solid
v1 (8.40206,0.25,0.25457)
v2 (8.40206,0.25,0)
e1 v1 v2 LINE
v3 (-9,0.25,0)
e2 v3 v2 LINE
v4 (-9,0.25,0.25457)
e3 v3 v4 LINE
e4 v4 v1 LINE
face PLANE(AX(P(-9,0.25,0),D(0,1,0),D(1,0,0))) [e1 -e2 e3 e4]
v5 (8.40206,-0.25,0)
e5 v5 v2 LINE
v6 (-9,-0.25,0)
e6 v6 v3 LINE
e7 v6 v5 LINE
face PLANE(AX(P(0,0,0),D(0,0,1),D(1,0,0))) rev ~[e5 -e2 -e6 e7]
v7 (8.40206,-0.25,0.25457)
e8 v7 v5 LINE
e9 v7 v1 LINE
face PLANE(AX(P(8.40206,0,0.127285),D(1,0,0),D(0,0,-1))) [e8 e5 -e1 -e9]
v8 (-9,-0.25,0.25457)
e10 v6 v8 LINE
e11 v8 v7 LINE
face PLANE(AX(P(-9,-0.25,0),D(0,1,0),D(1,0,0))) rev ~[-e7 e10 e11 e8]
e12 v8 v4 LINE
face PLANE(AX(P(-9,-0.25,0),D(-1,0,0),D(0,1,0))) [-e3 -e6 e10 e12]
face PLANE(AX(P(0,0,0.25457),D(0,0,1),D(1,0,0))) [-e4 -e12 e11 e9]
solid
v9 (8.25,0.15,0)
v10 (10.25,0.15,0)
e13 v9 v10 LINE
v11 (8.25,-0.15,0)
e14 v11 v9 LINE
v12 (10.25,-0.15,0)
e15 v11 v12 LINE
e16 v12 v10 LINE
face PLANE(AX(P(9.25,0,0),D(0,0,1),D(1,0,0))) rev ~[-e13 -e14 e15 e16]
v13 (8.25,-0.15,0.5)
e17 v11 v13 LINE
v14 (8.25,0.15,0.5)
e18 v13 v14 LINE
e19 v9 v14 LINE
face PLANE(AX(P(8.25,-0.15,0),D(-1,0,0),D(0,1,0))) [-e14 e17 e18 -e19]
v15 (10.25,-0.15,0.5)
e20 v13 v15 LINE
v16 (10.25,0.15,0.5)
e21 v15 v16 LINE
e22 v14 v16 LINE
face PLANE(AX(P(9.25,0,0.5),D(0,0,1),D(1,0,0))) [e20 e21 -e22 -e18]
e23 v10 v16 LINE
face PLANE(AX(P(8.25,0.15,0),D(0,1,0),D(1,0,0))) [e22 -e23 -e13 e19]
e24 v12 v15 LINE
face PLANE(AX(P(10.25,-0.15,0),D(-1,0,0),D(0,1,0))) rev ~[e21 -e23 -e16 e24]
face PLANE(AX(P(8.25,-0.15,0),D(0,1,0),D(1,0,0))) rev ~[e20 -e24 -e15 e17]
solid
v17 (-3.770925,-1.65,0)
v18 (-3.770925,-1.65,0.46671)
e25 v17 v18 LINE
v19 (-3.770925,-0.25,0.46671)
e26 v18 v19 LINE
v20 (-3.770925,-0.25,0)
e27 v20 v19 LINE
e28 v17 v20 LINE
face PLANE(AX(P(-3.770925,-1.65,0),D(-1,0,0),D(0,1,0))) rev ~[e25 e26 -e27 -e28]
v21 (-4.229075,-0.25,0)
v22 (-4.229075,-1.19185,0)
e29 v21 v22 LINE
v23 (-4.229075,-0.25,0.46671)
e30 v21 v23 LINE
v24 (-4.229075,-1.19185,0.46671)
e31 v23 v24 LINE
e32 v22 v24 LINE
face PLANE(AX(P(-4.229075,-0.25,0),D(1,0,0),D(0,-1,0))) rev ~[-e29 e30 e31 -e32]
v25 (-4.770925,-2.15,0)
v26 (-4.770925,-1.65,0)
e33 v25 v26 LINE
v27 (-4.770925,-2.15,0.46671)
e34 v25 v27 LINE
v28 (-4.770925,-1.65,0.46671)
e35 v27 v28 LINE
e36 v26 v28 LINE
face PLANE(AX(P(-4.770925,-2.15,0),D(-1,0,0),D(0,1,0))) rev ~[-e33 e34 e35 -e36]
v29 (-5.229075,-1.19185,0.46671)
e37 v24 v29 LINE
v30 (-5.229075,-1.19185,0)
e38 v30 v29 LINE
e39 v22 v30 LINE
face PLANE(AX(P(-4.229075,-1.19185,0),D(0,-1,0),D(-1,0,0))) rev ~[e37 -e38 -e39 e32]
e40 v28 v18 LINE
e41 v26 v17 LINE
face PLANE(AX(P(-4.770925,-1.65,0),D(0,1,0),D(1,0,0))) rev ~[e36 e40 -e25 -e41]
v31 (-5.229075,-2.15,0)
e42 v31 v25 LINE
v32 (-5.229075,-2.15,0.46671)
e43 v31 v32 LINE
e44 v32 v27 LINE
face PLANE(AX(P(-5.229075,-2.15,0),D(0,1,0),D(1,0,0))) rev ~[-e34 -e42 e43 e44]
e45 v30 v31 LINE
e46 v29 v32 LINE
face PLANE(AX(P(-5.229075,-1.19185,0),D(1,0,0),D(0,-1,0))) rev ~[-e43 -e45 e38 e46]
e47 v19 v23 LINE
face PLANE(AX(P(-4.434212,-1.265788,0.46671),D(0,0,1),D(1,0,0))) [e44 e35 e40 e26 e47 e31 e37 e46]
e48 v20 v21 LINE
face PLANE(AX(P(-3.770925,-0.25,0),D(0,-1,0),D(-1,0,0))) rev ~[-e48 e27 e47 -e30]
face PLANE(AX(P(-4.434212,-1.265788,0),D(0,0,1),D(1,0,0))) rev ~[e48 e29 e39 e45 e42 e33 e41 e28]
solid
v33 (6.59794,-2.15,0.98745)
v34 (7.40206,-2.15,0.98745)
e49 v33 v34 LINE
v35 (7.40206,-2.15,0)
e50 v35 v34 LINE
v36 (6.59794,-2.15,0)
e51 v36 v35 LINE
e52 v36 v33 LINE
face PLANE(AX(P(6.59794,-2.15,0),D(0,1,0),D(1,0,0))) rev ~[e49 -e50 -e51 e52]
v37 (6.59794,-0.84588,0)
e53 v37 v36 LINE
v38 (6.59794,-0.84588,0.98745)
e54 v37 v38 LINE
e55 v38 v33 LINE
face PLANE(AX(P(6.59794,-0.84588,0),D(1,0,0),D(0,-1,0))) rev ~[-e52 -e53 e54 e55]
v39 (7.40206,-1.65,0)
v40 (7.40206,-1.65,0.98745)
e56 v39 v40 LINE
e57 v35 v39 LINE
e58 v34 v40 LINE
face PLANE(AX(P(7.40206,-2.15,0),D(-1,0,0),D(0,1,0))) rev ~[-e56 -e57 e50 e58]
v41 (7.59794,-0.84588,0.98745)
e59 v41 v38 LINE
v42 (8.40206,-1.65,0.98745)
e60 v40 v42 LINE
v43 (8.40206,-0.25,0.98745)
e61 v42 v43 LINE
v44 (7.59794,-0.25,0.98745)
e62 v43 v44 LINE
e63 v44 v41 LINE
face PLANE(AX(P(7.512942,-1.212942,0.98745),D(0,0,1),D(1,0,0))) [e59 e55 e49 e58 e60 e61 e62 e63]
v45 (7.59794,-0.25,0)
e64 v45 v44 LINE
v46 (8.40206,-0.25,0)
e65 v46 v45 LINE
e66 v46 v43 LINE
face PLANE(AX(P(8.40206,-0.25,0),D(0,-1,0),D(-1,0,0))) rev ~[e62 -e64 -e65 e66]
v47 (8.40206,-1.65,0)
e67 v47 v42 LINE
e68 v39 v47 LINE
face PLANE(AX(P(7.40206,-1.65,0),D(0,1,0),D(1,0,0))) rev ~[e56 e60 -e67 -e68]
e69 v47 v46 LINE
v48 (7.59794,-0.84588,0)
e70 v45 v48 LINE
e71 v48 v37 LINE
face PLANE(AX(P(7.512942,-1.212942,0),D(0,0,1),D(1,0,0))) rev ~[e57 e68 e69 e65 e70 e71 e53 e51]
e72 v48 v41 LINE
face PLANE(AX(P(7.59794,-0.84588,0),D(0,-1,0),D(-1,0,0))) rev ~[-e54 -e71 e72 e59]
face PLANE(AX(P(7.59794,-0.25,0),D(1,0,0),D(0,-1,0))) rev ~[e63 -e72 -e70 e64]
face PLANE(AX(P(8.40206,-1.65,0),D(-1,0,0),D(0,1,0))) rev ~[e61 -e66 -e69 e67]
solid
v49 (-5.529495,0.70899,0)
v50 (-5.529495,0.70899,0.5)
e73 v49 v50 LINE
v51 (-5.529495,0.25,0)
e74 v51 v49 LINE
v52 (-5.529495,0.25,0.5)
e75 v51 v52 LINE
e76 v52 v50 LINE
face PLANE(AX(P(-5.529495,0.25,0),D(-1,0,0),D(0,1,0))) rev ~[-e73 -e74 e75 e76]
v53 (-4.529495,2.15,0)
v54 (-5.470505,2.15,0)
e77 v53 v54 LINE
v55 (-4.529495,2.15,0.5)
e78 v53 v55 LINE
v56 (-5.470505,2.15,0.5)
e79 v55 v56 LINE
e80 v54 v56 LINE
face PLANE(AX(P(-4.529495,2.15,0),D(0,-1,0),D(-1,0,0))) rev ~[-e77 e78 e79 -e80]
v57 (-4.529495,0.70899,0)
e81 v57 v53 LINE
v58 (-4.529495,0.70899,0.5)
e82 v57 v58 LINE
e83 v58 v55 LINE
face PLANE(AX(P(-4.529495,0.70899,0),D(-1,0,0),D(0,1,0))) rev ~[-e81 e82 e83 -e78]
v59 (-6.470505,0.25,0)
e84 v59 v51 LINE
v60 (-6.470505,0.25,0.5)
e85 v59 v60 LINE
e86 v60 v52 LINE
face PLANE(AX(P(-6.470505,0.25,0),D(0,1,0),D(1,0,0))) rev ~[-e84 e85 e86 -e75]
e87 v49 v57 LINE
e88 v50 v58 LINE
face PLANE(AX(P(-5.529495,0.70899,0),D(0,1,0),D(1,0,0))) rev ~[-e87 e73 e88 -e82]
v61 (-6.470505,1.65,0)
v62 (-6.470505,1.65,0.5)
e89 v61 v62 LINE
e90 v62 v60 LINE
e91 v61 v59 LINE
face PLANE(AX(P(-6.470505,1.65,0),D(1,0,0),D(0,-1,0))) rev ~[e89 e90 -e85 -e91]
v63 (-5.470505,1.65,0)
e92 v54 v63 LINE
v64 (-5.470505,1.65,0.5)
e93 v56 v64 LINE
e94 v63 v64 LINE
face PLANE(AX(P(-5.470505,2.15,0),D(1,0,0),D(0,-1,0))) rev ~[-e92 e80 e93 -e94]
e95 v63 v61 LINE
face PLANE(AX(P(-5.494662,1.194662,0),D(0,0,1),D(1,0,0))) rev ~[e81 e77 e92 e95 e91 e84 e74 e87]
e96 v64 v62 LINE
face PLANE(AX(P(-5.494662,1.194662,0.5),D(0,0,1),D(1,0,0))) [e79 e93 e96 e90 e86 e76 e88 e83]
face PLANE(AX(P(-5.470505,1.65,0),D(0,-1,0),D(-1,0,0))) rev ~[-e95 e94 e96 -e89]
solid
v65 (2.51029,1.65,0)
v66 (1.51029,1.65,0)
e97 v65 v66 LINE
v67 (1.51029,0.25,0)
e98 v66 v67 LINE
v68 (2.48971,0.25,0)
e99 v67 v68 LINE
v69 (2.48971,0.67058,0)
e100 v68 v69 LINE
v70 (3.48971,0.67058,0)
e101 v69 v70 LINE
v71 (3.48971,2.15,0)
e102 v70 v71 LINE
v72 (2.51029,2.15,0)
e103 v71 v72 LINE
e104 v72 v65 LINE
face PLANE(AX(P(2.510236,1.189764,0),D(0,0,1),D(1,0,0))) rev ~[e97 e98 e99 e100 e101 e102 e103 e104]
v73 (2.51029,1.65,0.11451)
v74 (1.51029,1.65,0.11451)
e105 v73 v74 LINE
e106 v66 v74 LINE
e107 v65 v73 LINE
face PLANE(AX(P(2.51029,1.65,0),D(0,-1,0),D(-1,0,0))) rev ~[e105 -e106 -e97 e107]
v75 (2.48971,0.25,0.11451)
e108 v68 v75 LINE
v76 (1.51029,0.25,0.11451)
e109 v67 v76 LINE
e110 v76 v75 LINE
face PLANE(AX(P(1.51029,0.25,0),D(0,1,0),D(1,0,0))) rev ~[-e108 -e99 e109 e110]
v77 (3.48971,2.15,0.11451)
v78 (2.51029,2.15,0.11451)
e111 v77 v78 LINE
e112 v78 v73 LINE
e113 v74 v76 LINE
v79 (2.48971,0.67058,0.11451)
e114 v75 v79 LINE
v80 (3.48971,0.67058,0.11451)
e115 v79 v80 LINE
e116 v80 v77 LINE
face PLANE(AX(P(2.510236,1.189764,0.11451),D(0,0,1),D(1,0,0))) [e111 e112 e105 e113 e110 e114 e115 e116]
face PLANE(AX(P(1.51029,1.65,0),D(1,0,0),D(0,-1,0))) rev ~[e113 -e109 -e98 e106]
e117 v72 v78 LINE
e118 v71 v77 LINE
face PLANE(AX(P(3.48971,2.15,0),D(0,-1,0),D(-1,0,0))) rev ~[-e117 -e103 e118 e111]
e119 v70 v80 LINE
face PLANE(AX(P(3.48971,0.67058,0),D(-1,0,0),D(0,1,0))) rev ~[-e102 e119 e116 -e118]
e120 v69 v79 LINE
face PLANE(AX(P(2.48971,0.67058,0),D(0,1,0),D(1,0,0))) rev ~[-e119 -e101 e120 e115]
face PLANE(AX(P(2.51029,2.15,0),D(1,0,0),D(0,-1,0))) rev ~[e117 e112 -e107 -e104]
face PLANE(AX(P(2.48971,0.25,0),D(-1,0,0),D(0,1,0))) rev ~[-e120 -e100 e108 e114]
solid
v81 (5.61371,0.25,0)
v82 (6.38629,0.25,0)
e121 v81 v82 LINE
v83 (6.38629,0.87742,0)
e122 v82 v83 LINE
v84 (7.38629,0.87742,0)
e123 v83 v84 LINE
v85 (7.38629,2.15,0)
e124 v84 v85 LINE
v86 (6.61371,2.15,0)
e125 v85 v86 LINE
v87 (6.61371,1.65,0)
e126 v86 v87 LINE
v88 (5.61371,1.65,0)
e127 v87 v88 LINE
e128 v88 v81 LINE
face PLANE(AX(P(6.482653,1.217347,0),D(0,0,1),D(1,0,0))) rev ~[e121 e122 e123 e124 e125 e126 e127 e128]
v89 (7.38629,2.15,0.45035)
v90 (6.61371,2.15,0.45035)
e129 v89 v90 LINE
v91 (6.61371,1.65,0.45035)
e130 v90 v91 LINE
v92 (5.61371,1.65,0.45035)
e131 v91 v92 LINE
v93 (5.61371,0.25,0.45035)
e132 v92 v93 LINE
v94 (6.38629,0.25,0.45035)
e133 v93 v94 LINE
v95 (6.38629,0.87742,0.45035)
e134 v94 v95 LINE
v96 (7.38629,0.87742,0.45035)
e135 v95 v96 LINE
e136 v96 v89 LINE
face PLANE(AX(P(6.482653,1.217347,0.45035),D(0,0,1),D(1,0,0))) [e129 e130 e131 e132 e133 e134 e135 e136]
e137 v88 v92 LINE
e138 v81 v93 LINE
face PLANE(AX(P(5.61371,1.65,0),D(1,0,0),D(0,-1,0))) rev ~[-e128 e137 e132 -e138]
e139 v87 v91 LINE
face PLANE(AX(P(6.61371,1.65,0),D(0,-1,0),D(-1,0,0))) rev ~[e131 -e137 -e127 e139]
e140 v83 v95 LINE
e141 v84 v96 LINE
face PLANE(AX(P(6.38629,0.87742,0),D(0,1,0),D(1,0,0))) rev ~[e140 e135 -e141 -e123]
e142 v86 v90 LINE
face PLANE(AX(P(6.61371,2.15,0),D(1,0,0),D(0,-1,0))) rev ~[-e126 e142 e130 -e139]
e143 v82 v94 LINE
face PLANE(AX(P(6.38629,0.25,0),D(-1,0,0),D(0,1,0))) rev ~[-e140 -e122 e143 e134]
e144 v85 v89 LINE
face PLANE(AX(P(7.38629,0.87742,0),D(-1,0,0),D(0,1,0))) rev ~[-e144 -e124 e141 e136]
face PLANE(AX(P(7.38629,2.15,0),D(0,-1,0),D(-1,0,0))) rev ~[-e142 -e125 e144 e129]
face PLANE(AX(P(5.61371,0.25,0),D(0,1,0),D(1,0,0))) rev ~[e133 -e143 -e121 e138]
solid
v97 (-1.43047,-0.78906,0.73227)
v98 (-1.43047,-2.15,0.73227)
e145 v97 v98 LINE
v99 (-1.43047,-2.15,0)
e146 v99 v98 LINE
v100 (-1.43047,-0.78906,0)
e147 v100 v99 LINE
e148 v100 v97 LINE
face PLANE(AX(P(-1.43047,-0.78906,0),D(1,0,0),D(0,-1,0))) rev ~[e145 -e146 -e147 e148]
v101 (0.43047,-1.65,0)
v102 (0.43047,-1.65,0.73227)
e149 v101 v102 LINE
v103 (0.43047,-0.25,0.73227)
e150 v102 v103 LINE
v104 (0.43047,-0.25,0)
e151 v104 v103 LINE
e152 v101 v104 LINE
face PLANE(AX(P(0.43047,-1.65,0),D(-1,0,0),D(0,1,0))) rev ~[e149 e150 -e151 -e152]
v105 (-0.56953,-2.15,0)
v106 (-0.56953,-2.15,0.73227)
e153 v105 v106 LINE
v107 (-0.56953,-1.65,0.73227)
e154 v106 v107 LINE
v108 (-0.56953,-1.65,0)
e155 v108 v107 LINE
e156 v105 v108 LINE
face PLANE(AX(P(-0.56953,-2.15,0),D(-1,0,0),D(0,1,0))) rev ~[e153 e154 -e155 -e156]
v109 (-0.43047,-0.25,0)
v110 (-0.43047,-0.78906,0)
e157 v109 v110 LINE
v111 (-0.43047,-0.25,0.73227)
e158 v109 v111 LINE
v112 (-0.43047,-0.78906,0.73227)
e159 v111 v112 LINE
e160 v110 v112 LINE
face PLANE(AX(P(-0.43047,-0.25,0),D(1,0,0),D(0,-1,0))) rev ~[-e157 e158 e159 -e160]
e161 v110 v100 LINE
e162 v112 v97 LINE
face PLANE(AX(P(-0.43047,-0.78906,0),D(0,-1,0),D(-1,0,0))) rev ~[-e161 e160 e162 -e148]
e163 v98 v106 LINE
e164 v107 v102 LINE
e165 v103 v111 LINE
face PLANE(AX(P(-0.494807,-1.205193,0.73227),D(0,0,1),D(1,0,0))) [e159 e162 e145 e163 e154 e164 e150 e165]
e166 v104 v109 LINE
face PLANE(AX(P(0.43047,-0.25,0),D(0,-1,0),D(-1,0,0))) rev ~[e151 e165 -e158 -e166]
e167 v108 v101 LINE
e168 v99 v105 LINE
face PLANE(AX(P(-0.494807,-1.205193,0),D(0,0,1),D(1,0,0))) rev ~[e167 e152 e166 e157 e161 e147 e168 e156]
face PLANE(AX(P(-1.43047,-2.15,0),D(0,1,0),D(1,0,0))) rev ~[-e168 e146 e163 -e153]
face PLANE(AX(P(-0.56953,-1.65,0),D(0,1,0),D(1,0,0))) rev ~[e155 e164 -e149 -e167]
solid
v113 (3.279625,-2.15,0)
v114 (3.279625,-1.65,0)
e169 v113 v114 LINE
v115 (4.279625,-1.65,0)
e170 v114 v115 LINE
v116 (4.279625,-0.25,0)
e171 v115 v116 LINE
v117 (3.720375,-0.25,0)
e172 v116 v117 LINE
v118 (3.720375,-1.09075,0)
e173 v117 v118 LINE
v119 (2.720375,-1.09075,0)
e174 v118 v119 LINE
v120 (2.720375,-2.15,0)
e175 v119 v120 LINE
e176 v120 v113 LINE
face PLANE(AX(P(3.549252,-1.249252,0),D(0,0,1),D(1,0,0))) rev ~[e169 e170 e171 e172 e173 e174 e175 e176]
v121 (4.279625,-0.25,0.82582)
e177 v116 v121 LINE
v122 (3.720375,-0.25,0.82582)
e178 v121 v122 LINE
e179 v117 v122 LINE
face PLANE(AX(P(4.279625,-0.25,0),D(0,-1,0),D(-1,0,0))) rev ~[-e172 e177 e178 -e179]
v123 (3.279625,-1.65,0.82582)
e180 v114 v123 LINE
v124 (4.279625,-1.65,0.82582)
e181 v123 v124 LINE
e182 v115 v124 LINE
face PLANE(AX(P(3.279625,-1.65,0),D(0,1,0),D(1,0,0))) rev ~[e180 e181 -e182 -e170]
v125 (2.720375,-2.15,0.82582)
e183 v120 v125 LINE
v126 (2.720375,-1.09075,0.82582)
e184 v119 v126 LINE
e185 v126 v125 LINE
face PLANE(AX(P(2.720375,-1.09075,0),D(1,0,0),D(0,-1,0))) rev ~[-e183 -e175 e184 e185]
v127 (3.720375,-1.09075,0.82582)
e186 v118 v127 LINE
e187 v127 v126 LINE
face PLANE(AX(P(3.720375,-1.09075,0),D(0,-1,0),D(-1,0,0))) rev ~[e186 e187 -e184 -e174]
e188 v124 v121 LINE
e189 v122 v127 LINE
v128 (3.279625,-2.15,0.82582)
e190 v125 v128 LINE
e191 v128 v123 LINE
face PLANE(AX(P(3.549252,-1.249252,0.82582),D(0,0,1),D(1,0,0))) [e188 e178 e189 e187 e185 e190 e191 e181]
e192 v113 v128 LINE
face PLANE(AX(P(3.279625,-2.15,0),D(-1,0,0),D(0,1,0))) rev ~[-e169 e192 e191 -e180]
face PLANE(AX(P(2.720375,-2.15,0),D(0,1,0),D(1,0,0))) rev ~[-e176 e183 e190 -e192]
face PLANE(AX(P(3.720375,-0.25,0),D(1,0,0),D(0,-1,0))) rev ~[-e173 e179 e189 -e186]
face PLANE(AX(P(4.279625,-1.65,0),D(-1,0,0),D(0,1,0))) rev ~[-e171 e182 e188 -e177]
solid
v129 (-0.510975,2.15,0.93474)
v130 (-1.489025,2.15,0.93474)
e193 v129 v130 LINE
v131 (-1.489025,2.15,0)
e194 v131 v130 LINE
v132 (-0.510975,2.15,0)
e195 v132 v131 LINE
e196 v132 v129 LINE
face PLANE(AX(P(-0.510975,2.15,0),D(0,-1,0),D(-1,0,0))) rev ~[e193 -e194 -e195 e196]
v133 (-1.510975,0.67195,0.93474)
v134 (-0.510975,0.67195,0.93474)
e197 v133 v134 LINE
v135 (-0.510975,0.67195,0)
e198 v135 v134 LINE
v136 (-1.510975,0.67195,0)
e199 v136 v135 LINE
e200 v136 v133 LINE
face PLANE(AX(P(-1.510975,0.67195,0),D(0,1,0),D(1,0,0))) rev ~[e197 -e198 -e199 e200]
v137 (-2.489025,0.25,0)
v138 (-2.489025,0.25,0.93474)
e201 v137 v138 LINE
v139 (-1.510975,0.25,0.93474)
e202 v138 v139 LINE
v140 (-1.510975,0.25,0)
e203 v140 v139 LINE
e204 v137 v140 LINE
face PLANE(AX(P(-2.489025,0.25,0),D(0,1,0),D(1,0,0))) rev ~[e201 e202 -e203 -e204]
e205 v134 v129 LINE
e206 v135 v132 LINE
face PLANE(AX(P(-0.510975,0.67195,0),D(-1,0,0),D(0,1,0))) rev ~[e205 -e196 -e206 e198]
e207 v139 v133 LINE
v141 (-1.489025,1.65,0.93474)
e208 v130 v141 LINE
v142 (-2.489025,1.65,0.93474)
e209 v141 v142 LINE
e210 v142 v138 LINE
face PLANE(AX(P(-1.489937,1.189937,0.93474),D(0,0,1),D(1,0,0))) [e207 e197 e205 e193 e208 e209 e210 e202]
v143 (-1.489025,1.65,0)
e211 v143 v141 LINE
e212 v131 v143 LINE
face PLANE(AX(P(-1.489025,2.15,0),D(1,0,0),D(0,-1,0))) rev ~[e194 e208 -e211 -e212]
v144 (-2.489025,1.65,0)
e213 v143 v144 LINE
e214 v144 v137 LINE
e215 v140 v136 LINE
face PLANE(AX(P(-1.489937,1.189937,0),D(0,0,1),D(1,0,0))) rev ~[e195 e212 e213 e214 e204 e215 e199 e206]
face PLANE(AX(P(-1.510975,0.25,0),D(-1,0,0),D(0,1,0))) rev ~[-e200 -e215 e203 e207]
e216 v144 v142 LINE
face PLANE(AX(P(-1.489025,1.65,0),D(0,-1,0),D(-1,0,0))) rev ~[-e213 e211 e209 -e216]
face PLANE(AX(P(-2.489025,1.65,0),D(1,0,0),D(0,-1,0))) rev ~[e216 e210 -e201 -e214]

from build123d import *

# Parameters (mm, degrees)
SKETCH_1_W          = 18
SKETCH_1_H          = 0.5
EXTRUDE_1_DEPTH     = 0.25457
EXTRUDE_3_DEPTH     = 0.5
EXTRUDE_4_DEPTH     = 0.93474
EXTRUDE_5_DEPTH     = 0.11451
EXTRUDE_6_DEPTH     = 0.45035
EXTRUDE_7_DEPTH     = 0.46671
EXTRUDE_8_DEPTH     = 0.73227
EXTRUDE_9_DEPTH     = 0.82582
EXTRUDE_10_DEPTH    = 0.98745
SKETCH_14_W         = 0.25457
SKETCH_14_H         = 0.5
CUT_EXTRUDE_1_DEPTH = 0.59794
SKETCH_15_W         = 2
SKETCH_15_H         = 0.3
EXTRUDE_11_DEPTH    = 0.5


with BuildPart() as part:
    # 草图1 → 凸台-拉伸1 (new body)
    with BuildSketch(Plane.XY):
        Rectangle(SKETCH_1_W, SKETCH_1_H)
    extrude(amount=EXTRUDE_1_DEPTH)

    # 草图14 → 切除-拉伸1 (cut)
    with BuildSketch(Plane(origin=(9, 0, 0), x_dir=(0, 0, -1), z_dir=(1, 0, 0))):
        with Locations((-0.127285, 0)):
            Rectangle(SKETCH_14_W, SKETCH_14_H)
    extrude(amount=-CUT_EXTRUDE_1_DEPTH, mode=Mode.SUBTRACT)


with BuildPart() as body_2:
    # 草图5 → 凸台-拉伸3 (new body)
    with BuildSketch(Plane.XY):
        Polygon((-5.470505, 2.15), (-5.470505, 1.65), (-6.470505, 1.65), (-6.470505, 0.25), (-5.529495, 0.25), (-5.529495, 0.70899), (-4.529495, 0.70899), (-4.529495, 2.15), align=None)
    extrude(amount=EXTRUDE_3_DEPTH)


with BuildPart() as body_3:
    # 草图6 → 凸台-拉伸4 (new body)
    with BuildSketch(Plane.XY):
        Polygon((-1, 2.15), (-1.489025, 2.15), (-1.489025, 1.65), (-2.489025, 1.65), (-2.489025, 0.25), (-1.510975, 0.25), (-1.510975, 0.67195), (-0.510975, 0.67195), (-0.510975, 1.302983854), (-0.510975, 2.15), align=None)
    extrude(amount=EXTRUDE_4_DEPTH)


with BuildPart() as body_4:
    # 草图7 → 凸台-拉伸5 (new body)
    with BuildSketch(Plane.XY):
        Polygon((3, 2.15), (2.51029, 2.15), (2.51029, 1.65), (1.51029, 1.65), (1.51029, 0.25), (2.48971, 0.25), (2.48971, 0.67058), (3.48971, 0.67058), (3.48971, 1.301797399), (3.48971, 2.15), align=None)
    extrude(amount=EXTRUDE_5_DEPTH)


with BuildPart() as body_5:
    # 草图8 → 凸台-拉伸6 (new body)
    with BuildSketch(Plane.XY):
        Polygon((7, 2.15), (6.61371, 2.15), (6.61371, 1.65), (5.61371, 1.65), (5.61371, 0.25), (6.38629, 0.25), (6.38629, 0.87742), (7.38629, 0.87742), (7.38629, 1.480926094), (7.38629, 2.15), align=None)
    extrude(amount=EXTRUDE_6_DEPTH)


with BuildPart() as body_6:
    # 草图9 → 凸台-拉伸7 (new body)
    with BuildSketch(Plane.XY):
        Polygon((-5, -2.15), (-4.770925, -2.15), (-4.770925, -1.65), (-3.770925, -1.65), (-3.770925, -0.25), (-4.229075, -0.25), (-4.229075, -1.19185), (-5.229075, -1.19185), (-5.229075, -2.15), align=None)
    extrude(amount=EXTRUDE_7_DEPTH)


with BuildPart() as body_7:
    # 草图11 → 凸台-拉伸8 (new body)
    with BuildSketch(Plane.XY):
        Polygon((-1, -2.15), (-0.56953, -2.15), (-0.56953, -1.65), (0.43047, -1.65), (0.43047, -0.25), (-0.43047, -0.25), (-0.43047, -0.78906), (-1.43047, -0.78906), (-1.43047, -1.404404089), (-1.43047, -2.15), align=None)
    extrude(amount=EXTRUDE_8_DEPTH)


with BuildPart() as body_8:
    # 草图12 → 凸台-拉伸9 (new body)
    with BuildSketch(Plane.XY):
        Polygon((3, -2.15), (3.279625, -2.15), (3.279625, -1.65), (4.279625, -1.65), (4.279625, -0.25), (3.720375, -0.25), (3.720375, -1.09075), (2.720375, -1.09075), (2.720375, -1.665675293), (2.720375, -2.15), align=None)
    extrude(amount=EXTRUDE_9_DEPTH)


with BuildPart() as body_9:
    # 草图13 → 凸台-拉伸10 (new body)
    with BuildSketch(Plane.XY):
        Polygon((7, -2.15), (7.40206, -2.15), (7.40206, -1.65), (8.40206, -1.65), (8.40206, -0.25), (7.59794, -0.25), (7.59794, -0.84588), (6.59794, -0.84588), (6.59794, -1.453611652), (6.59794, -2.15), align=None)
    extrude(amount=EXTRUDE_10_DEPTH)


with BuildPart() as body_10:
    # 草图15 → 凸台-拉伸11 (new body)
    with BuildSketch(Plane.XY):
        with Locations((9.25, 0)):
            Rectangle(SKETCH_15_W, SKETCH_15_H)
    extrude(amount=EXTRUDE_11_DEPTH)


solid = Compound([part.part, body_2.part, body_3.part, body_4.part, body_5.part, body_6.part, body_7.part, body_8.part, body_9.part, body_10.part])
